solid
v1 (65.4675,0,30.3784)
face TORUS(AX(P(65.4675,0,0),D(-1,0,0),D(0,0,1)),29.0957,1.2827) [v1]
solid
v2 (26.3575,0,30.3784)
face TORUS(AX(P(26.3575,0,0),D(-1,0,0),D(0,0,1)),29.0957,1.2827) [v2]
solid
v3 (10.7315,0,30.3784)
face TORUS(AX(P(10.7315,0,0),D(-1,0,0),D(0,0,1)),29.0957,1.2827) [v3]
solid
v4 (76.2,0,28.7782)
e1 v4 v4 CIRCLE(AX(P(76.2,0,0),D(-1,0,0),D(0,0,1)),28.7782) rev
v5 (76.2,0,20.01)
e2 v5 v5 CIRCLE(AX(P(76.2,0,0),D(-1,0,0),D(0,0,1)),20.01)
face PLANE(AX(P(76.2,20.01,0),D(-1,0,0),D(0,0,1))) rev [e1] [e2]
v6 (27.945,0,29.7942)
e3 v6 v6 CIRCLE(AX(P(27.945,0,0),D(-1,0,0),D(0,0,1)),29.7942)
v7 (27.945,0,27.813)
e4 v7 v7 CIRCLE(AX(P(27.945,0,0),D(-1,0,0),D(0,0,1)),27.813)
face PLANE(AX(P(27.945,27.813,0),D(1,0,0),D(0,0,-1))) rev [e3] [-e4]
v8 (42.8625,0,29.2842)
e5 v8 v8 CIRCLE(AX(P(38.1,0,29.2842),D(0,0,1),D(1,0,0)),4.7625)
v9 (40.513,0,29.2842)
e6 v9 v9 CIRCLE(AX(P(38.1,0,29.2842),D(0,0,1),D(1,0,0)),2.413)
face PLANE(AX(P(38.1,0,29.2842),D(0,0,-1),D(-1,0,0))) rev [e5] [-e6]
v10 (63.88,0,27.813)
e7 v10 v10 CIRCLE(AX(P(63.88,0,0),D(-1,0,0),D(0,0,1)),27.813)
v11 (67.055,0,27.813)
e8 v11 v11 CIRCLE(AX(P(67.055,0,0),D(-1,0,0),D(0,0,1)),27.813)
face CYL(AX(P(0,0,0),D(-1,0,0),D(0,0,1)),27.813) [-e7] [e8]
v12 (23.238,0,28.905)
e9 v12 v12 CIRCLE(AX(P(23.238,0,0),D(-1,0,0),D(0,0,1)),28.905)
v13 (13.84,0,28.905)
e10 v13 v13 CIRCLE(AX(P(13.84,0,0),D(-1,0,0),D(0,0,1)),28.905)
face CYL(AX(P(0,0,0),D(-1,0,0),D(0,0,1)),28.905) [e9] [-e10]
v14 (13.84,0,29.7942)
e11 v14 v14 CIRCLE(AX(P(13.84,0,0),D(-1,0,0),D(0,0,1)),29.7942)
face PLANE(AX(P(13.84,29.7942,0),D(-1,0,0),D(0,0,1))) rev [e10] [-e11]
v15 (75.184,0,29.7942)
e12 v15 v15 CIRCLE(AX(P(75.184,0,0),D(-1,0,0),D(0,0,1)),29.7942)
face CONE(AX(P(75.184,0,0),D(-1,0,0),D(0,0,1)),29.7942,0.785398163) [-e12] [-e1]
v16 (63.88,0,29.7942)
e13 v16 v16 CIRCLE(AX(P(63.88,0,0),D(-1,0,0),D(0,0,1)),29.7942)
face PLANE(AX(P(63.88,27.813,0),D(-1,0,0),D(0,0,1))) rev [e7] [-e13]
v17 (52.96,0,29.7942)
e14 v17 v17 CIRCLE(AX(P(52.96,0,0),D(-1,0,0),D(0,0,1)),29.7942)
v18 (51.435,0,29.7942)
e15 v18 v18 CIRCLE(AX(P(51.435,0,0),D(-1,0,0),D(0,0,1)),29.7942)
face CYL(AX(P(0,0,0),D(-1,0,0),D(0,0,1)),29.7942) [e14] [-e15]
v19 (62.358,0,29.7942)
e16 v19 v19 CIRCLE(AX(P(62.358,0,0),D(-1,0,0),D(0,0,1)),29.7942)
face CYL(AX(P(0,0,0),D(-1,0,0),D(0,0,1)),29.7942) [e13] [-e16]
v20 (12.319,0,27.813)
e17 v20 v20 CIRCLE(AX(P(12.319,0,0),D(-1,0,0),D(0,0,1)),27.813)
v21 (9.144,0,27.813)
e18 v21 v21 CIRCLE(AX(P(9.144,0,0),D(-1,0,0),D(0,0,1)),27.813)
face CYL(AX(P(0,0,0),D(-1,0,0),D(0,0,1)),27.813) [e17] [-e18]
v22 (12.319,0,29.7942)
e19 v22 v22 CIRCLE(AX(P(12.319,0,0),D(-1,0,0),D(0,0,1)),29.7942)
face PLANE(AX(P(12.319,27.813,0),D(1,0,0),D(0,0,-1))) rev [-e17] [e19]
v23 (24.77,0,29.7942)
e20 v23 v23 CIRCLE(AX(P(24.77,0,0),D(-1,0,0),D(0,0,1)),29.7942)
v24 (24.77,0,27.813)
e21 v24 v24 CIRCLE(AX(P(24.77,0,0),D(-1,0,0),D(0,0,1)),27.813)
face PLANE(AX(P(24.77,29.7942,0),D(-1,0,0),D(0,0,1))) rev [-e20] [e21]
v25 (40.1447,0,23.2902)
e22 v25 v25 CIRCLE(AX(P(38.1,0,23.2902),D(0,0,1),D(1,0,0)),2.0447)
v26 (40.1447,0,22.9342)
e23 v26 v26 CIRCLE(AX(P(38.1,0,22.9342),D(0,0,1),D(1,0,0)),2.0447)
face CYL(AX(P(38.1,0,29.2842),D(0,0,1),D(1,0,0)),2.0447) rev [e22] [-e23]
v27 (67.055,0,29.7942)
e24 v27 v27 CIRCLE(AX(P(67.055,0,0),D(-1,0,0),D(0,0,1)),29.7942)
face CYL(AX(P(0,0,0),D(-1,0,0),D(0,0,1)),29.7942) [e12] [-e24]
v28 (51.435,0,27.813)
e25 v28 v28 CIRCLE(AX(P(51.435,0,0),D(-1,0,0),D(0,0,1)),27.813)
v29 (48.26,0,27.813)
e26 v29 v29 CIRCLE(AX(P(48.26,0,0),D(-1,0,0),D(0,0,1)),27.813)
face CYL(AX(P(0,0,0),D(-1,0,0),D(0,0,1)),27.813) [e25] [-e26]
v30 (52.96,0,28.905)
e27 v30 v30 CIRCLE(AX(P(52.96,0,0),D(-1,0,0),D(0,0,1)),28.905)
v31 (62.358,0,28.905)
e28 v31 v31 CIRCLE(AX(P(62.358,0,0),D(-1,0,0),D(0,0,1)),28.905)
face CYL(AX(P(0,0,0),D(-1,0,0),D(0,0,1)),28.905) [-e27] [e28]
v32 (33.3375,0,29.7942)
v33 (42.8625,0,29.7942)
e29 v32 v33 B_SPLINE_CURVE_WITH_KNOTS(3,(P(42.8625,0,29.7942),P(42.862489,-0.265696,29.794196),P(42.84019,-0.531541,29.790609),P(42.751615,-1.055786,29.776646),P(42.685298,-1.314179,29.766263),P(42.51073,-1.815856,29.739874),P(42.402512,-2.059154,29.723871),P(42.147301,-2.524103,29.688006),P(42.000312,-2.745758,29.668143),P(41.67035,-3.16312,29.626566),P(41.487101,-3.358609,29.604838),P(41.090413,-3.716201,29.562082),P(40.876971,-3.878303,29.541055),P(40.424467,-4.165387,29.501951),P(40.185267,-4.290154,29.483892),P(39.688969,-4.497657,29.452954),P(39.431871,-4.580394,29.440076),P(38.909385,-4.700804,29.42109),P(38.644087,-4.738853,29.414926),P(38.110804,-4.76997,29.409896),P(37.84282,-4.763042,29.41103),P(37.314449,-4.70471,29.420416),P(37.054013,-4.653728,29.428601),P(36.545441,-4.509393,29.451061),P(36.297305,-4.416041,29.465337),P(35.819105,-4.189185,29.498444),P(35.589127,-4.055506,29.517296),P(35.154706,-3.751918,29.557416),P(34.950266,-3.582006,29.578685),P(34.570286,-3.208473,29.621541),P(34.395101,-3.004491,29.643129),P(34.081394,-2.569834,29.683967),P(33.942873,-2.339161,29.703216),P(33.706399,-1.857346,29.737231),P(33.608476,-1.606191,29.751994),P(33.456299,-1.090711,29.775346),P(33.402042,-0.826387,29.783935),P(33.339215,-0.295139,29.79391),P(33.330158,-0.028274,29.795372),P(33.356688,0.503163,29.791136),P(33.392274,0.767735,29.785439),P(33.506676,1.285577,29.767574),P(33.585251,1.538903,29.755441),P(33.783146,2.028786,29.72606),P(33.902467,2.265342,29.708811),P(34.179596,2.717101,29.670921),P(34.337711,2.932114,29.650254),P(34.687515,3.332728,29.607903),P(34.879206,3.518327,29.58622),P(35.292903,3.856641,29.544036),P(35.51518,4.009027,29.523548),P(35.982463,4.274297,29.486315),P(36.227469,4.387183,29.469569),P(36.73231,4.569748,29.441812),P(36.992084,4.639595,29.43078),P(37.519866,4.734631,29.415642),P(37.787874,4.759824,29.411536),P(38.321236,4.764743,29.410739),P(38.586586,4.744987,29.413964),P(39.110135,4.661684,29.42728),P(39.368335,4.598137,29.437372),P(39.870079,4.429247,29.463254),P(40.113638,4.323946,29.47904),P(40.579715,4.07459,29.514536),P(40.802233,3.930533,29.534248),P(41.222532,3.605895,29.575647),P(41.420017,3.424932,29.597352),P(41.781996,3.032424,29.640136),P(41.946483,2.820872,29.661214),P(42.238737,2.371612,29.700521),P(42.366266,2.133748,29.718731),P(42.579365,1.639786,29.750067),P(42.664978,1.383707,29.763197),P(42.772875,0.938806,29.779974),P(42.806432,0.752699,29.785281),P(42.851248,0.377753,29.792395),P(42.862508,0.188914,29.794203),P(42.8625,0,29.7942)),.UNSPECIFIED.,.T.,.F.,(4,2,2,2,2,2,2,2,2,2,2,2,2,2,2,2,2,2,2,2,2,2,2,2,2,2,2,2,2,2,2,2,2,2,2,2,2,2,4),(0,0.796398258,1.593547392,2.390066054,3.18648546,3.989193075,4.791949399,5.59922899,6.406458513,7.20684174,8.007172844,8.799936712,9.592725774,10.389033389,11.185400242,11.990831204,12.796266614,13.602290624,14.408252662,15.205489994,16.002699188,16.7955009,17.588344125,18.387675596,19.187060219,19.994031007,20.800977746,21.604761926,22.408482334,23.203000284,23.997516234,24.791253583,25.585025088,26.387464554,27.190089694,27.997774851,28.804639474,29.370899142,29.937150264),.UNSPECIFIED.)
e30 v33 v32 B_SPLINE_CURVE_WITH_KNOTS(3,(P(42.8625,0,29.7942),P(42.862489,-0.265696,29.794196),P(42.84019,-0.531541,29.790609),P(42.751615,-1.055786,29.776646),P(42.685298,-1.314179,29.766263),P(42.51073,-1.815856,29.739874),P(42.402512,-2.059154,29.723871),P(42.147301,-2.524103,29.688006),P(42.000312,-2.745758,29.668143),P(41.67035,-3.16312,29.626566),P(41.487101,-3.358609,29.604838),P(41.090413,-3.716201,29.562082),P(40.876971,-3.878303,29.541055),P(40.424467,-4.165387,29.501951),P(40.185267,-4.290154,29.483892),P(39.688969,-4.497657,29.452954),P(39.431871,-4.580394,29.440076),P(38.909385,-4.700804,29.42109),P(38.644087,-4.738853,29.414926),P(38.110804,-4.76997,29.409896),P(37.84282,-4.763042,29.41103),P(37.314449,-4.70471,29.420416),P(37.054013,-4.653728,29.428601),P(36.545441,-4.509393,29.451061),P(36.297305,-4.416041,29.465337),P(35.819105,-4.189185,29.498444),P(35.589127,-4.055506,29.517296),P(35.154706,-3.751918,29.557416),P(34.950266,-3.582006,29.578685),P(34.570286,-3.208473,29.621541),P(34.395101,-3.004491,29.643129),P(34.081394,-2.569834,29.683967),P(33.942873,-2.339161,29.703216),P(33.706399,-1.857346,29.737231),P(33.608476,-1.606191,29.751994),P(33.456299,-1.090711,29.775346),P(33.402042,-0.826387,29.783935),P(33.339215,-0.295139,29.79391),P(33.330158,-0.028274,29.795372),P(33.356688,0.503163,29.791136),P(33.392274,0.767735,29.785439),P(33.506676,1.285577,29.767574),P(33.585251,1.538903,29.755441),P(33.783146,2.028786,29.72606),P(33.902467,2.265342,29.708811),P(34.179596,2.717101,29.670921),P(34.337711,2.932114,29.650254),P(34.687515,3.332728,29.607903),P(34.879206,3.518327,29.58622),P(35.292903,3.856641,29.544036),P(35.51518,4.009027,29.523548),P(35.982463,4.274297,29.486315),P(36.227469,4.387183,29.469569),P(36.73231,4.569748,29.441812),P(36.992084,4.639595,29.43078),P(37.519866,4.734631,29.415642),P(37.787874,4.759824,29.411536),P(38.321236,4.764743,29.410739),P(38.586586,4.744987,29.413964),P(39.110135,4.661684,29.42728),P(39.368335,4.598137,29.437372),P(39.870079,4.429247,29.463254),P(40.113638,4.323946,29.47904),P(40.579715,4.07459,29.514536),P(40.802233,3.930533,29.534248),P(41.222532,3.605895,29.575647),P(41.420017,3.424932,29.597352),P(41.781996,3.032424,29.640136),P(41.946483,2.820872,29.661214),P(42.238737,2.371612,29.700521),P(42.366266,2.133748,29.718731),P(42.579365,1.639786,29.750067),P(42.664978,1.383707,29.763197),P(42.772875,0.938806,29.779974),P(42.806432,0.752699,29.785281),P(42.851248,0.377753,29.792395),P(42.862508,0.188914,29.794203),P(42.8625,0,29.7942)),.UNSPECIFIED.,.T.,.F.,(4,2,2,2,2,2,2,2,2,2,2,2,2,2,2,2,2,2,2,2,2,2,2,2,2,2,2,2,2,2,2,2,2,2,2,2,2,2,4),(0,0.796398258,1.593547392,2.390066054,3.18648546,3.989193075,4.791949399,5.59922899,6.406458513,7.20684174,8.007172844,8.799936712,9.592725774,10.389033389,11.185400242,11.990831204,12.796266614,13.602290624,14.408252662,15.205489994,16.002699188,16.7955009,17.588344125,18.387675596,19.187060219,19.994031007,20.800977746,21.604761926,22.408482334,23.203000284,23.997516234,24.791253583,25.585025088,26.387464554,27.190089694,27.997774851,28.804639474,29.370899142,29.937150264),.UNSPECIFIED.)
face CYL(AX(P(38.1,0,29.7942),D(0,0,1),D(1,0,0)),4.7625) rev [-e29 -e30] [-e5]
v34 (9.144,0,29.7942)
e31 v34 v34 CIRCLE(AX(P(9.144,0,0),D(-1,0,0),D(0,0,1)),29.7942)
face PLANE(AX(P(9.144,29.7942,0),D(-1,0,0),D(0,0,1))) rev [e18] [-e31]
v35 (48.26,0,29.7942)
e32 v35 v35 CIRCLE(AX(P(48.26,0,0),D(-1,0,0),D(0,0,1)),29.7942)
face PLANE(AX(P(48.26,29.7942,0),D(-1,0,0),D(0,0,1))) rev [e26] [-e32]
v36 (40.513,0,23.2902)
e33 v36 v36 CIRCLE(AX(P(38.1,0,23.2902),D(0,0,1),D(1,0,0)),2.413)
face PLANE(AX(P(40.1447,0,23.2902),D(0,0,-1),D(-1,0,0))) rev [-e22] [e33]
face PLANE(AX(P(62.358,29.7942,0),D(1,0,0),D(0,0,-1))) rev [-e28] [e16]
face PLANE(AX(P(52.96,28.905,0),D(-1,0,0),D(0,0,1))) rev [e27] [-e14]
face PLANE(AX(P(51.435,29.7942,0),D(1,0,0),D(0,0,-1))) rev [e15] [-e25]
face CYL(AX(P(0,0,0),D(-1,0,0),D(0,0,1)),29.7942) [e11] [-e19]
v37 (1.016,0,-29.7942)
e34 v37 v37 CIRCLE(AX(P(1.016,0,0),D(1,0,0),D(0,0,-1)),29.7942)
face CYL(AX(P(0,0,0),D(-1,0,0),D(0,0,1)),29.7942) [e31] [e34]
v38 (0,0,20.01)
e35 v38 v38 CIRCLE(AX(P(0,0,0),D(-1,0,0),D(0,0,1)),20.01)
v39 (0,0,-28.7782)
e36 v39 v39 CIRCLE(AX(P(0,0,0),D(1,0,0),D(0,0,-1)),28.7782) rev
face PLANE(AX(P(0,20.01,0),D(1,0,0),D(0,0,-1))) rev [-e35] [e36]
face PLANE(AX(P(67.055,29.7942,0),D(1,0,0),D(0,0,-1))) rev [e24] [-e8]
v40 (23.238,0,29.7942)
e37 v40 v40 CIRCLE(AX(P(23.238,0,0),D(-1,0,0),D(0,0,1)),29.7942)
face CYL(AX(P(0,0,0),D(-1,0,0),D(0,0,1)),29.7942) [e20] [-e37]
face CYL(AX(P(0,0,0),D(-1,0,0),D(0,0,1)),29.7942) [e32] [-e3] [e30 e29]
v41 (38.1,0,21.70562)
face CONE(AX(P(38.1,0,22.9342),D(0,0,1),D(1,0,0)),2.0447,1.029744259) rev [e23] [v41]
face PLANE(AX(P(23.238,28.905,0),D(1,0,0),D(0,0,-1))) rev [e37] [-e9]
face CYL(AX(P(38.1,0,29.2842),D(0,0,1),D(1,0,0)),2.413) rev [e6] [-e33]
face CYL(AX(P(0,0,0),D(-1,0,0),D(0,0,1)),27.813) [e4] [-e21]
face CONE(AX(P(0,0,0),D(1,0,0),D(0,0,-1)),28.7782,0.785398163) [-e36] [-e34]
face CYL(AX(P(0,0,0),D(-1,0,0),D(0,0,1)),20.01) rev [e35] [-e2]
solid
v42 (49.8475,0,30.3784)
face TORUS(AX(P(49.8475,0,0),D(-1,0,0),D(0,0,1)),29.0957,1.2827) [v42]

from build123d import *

# Parameters (mm, degrees)
CHAMFER1_SIZE                    = 1.016
F_3_8_0_375_DIAMETER_HOLE1_D     = 9.525
F_3_8_0_375_DIAMETER_HOLE1_DEPTH = 0.51
AIR_HOLE_D                       = 4.0894
AIR_HOLE_DEPTH                   = 6.35
AIR_HOLE_CBORE_D                 = 4.826
AIR_HOLE_CBORE_DEPTH             = 5.994
AIR_HOLE_TIP                     = 1.228579708
SKETCH5_R                        = 1.2827


with BuildPart() as part:
    # Sketch1 → Revolve1 (revolve)
    with BuildSketch(Plane.XY, mode=Mode.PRIVATE) as revolve1_sk:
        Polygon((0, 20.01), (76.2, 20.01), (76.2, 29.7942), (67.055, 29.7942), (67.055, 27.813), (63.88, 27.813), (63.88, 29.7942), (62.358, 29.7942), (62.358, 28.905), (52.96, 28.905), (52.96, 29.7942), (51.435, 29.7942), (51.435, 27.813), (48.26, 27.813), (48.26, 29.7942), (27.945, 29.7942), (27.945, 27.813), (24.77, 27.813), (24.77, 29.7942), (23.238, 29.7942), (23.238, 28.905), (13.84, 28.905), (13.84, 29.7942), (12.319, 29.7942), (12.319, 27.813), (9.144, 27.813), (9.144, 29.7942), (0, 29.7942), align=None)
    revolve(revolve1_sk.sketch.rotate(Axis((0, 0, 0), (1, 0, 0)), 90), axis=Axis((0, 0, 0), (1, 0, 0)))  # turned: the seam where the file's is

    # Chamfer1
    chamfer1_edges = [part.edges().sort_by_distance(p)[0] for p in [
        (76.2, 0, -29.7942),
        (0, 0, -29.7942),
    ]]
    chamfer(chamfer1_edges, length=CHAMFER1_SIZE)

    # 3/8 (0.375) Diameter Hole1
    with Locations(Plane(origin=(38.1, 0, 29.7942), x_dir=(1, 0, 0), z_dir=(0, 0, 1))):
        with Locations((0, 0)):
            Hole(F_3_8_0_375_DIAMETER_HOLE1_D / 2, depth=F_3_8_0_375_DIAMETER_HOLE1_DEPTH)

    # Air Hole
    with Locations(Plane.XY.offset(29.2842)):
        with Locations((38.1, 0)):
            CounterBoreHole(AIR_HOLE_D / 2, AIR_HOLE_CBORE_D / 2, AIR_HOLE_CBORE_DEPTH, depth=AIR_HOLE_DEPTH)
            with Locations((0, 0, -(AIR_HOLE_DEPTH + AIR_HOLE_TIP / 2))):  # 118° drill point
                Cone(0, AIR_HOLE_D / 2, AIR_HOLE_TIP, mode=Mode.SUBTRACT)


with BuildPart() as body_2:
    # Sketch5 → Revolve2 (revolve)
    with BuildSketch(Plane.XY, mode=Mode.PRIVATE) as revolve2_sk:
        with Locations((65.4675, 29.0957)):
            Circle(SKETCH5_R)
        with Locations((49.8475, 29.0957)):
            Circle(SKETCH5_R)
        with Locations((26.3575, 29.0957)):
            Circle(SKETCH5_R)
        with Locations((10.7315, 29.0957)):
            Circle(SKETCH5_R)
    revolve(revolve2_sk.sketch.rotate(Axis((0, 0, 0), (1, 0, 0)), 90), axis=Axis((0, 0, 0), (1, 0, 0)))  # turned: the seam where the file's is


solid = Compound([part.part, body_2.part])
